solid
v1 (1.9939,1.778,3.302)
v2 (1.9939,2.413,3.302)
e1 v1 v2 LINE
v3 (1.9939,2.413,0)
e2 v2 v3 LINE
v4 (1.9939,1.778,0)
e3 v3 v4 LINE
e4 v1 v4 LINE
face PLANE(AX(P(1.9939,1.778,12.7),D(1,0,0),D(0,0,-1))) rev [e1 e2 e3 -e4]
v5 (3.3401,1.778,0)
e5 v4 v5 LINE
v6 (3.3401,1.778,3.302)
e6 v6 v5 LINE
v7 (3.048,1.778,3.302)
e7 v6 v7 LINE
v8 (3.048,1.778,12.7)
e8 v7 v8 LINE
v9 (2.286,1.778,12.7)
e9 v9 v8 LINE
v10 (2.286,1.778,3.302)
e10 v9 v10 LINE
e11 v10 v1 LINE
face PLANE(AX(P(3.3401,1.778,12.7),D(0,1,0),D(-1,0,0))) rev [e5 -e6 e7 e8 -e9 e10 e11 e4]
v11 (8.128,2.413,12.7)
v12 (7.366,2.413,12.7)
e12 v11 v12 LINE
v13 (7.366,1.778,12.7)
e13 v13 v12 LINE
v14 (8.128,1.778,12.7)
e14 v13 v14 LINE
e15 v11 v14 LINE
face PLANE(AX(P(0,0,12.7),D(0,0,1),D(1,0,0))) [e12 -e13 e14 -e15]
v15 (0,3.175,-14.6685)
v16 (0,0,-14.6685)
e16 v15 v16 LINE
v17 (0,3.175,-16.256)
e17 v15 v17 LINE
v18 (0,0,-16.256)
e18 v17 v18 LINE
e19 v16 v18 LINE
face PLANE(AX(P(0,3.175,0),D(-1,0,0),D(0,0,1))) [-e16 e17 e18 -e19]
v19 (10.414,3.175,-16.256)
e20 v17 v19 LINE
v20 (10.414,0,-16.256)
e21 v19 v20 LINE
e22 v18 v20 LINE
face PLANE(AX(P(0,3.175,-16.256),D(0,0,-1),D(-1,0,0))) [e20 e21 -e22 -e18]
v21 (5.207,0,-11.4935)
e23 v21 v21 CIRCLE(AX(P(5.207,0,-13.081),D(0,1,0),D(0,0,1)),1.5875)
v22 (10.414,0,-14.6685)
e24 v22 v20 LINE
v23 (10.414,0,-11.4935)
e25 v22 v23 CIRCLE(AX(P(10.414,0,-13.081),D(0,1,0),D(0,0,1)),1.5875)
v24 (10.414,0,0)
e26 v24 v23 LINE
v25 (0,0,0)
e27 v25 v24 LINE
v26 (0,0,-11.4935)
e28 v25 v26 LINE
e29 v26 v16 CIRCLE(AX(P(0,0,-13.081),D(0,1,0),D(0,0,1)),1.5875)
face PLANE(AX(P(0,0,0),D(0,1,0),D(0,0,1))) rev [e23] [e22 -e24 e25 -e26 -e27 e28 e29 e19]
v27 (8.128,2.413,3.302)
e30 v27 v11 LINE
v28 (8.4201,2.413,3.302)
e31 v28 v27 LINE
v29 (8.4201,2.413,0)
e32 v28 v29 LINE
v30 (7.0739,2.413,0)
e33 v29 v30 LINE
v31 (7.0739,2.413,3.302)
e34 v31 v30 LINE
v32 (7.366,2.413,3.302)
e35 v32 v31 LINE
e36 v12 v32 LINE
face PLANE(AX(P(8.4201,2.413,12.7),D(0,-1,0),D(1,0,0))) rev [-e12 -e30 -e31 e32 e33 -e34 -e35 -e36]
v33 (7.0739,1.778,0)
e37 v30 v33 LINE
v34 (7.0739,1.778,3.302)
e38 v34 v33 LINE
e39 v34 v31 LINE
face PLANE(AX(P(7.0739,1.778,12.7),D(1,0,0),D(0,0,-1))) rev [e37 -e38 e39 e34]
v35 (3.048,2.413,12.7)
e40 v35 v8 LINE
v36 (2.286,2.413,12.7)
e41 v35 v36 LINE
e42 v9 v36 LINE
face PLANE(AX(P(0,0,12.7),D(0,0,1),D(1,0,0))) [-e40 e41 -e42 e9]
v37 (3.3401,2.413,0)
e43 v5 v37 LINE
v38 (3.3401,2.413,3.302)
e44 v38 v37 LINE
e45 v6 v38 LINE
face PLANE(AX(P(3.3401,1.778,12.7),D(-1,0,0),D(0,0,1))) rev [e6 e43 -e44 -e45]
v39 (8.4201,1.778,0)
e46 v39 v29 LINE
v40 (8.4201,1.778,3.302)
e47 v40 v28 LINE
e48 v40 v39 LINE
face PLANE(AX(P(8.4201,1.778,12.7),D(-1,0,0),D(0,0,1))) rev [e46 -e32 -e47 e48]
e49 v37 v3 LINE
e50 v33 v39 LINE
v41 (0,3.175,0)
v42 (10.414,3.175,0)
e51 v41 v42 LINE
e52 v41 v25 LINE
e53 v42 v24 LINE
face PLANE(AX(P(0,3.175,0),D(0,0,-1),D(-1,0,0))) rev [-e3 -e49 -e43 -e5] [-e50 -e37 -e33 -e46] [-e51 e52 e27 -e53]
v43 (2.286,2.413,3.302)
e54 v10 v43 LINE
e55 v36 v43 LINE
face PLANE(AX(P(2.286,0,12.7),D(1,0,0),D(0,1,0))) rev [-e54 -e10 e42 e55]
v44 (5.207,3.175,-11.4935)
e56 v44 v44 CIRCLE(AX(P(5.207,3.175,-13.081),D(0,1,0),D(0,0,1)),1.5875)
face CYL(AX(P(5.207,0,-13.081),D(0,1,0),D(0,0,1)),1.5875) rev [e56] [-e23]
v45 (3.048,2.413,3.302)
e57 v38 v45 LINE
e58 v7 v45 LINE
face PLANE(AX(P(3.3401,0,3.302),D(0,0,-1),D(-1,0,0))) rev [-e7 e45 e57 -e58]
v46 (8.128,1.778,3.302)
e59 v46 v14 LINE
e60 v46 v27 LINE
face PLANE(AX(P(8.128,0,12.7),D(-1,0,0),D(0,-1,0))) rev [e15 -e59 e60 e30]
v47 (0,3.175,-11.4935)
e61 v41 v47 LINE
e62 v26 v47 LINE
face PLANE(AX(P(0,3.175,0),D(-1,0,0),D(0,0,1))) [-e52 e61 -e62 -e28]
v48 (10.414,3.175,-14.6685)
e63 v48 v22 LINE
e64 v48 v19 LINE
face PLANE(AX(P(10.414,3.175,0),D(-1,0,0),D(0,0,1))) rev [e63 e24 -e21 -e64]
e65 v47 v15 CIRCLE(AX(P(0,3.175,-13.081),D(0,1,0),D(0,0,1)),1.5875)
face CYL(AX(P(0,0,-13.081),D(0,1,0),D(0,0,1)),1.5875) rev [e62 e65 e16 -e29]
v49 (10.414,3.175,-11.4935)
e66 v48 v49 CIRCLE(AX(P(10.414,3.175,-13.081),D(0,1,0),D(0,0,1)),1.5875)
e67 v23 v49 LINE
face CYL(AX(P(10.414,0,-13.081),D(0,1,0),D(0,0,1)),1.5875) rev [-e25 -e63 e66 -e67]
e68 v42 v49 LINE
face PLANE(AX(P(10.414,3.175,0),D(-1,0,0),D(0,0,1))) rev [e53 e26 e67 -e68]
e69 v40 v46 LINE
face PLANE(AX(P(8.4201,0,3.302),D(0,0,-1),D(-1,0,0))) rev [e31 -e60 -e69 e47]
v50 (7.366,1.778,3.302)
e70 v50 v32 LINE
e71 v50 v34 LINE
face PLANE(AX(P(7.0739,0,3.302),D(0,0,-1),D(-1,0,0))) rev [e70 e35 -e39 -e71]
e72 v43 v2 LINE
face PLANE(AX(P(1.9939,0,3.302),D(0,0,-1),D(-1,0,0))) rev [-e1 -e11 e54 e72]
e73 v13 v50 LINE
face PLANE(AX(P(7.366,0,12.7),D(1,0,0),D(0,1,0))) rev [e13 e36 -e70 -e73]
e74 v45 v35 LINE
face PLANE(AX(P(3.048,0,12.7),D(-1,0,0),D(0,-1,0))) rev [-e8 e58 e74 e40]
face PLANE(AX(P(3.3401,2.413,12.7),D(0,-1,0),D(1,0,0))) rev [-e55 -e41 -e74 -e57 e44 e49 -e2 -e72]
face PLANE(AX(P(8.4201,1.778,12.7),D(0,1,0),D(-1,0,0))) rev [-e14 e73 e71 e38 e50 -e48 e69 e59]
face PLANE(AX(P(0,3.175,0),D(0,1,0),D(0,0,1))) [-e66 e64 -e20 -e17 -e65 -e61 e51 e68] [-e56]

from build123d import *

# Parameters (mm, degrees)
SKETCH1_W           = 10.414
SKETCH1_H           = 16.256
BOSS_EXTRUDE1_DEPTH = 3.175
SKETCH2_R           = 1.5875
CUT_EXTRUDE1_DEPTH  = 3.175
SKETCH3_W           = 1.3462
SKETCH3_H           = 0.635
BOSS_EXTRUDE2_DEPTH = 12.7
SKETCH4_W           = 0.2921
SKETCH4_H           = 9.398
CUT_EXTRUDE2_DEPTH  = 3.413


with BuildPart() as part:
    # Sketch1 → Boss-Extrude1 (new body)
    with BuildSketch(Plane(origin=(0, 0, 0), x_dir=(1, 0, 0), z_dir=(0, 1, 0))):
        with Locations((5.207, 8.128)):
            Rectangle(SKETCH1_W, SKETCH1_H)
    extrude(amount=BOSS_EXTRUDE1_DEPTH)

    # Sketch2 → Cut-Extrude1 (cut)
    with BuildSketch(Plane(origin=(0, 3.175, 0), x_dir=(1, 0, 0), z_dir=(0, 1, 0))):
        with Locations((5.207, 13.081)):
            Circle(SKETCH2_R)
        with Locations((10.414, 13.081)):
            Circle(SKETCH2_R)
        with Locations((0, 13.081)):
            Circle(SKETCH2_R)
    extrude(amount=-CUT_EXTRUDE1_DEPTH, mode=Mode.SUBTRACT)

    # Sketch3 → Boss-Extrude2 (add)
    with BuildSketch(Plane.XY):
        with Locations((7.747, 2.0955)):
            Rectangle(SKETCH3_W, SKETCH3_H)
        with Locations((2.667, 2.0955)):
            Rectangle(SKETCH3_W, SKETCH3_H)
    extrude(amount=BOSS_EXTRUDE2_DEPTH)

    # Sketch4 → Cut-Extrude2 (cut, through all)
    with BuildSketch(Plane(origin=(0, 2.413, 0), x_dir=(1, 0, 0), z_dir=(0, 1, 0))):
        with Locations((2.13995, -8.001)):
            Rectangle(SKETCH4_W, SKETCH4_H)
        with Locations((3.19405, -8.001)):
            Rectangle(SKETCH4_W, SKETCH4_H)
        with Locations((7.21995, -8.001)):
            Rectangle(SKETCH4_W, SKETCH4_H)
        with Locations((8.27405, -8.001)):
            Rectangle(SKETCH4_W, SKETCH4_H)
    extrude(amount=-CUT_EXTRUDE2_DEPTH, mode=Mode.SUBTRACT)


solid = part.part
